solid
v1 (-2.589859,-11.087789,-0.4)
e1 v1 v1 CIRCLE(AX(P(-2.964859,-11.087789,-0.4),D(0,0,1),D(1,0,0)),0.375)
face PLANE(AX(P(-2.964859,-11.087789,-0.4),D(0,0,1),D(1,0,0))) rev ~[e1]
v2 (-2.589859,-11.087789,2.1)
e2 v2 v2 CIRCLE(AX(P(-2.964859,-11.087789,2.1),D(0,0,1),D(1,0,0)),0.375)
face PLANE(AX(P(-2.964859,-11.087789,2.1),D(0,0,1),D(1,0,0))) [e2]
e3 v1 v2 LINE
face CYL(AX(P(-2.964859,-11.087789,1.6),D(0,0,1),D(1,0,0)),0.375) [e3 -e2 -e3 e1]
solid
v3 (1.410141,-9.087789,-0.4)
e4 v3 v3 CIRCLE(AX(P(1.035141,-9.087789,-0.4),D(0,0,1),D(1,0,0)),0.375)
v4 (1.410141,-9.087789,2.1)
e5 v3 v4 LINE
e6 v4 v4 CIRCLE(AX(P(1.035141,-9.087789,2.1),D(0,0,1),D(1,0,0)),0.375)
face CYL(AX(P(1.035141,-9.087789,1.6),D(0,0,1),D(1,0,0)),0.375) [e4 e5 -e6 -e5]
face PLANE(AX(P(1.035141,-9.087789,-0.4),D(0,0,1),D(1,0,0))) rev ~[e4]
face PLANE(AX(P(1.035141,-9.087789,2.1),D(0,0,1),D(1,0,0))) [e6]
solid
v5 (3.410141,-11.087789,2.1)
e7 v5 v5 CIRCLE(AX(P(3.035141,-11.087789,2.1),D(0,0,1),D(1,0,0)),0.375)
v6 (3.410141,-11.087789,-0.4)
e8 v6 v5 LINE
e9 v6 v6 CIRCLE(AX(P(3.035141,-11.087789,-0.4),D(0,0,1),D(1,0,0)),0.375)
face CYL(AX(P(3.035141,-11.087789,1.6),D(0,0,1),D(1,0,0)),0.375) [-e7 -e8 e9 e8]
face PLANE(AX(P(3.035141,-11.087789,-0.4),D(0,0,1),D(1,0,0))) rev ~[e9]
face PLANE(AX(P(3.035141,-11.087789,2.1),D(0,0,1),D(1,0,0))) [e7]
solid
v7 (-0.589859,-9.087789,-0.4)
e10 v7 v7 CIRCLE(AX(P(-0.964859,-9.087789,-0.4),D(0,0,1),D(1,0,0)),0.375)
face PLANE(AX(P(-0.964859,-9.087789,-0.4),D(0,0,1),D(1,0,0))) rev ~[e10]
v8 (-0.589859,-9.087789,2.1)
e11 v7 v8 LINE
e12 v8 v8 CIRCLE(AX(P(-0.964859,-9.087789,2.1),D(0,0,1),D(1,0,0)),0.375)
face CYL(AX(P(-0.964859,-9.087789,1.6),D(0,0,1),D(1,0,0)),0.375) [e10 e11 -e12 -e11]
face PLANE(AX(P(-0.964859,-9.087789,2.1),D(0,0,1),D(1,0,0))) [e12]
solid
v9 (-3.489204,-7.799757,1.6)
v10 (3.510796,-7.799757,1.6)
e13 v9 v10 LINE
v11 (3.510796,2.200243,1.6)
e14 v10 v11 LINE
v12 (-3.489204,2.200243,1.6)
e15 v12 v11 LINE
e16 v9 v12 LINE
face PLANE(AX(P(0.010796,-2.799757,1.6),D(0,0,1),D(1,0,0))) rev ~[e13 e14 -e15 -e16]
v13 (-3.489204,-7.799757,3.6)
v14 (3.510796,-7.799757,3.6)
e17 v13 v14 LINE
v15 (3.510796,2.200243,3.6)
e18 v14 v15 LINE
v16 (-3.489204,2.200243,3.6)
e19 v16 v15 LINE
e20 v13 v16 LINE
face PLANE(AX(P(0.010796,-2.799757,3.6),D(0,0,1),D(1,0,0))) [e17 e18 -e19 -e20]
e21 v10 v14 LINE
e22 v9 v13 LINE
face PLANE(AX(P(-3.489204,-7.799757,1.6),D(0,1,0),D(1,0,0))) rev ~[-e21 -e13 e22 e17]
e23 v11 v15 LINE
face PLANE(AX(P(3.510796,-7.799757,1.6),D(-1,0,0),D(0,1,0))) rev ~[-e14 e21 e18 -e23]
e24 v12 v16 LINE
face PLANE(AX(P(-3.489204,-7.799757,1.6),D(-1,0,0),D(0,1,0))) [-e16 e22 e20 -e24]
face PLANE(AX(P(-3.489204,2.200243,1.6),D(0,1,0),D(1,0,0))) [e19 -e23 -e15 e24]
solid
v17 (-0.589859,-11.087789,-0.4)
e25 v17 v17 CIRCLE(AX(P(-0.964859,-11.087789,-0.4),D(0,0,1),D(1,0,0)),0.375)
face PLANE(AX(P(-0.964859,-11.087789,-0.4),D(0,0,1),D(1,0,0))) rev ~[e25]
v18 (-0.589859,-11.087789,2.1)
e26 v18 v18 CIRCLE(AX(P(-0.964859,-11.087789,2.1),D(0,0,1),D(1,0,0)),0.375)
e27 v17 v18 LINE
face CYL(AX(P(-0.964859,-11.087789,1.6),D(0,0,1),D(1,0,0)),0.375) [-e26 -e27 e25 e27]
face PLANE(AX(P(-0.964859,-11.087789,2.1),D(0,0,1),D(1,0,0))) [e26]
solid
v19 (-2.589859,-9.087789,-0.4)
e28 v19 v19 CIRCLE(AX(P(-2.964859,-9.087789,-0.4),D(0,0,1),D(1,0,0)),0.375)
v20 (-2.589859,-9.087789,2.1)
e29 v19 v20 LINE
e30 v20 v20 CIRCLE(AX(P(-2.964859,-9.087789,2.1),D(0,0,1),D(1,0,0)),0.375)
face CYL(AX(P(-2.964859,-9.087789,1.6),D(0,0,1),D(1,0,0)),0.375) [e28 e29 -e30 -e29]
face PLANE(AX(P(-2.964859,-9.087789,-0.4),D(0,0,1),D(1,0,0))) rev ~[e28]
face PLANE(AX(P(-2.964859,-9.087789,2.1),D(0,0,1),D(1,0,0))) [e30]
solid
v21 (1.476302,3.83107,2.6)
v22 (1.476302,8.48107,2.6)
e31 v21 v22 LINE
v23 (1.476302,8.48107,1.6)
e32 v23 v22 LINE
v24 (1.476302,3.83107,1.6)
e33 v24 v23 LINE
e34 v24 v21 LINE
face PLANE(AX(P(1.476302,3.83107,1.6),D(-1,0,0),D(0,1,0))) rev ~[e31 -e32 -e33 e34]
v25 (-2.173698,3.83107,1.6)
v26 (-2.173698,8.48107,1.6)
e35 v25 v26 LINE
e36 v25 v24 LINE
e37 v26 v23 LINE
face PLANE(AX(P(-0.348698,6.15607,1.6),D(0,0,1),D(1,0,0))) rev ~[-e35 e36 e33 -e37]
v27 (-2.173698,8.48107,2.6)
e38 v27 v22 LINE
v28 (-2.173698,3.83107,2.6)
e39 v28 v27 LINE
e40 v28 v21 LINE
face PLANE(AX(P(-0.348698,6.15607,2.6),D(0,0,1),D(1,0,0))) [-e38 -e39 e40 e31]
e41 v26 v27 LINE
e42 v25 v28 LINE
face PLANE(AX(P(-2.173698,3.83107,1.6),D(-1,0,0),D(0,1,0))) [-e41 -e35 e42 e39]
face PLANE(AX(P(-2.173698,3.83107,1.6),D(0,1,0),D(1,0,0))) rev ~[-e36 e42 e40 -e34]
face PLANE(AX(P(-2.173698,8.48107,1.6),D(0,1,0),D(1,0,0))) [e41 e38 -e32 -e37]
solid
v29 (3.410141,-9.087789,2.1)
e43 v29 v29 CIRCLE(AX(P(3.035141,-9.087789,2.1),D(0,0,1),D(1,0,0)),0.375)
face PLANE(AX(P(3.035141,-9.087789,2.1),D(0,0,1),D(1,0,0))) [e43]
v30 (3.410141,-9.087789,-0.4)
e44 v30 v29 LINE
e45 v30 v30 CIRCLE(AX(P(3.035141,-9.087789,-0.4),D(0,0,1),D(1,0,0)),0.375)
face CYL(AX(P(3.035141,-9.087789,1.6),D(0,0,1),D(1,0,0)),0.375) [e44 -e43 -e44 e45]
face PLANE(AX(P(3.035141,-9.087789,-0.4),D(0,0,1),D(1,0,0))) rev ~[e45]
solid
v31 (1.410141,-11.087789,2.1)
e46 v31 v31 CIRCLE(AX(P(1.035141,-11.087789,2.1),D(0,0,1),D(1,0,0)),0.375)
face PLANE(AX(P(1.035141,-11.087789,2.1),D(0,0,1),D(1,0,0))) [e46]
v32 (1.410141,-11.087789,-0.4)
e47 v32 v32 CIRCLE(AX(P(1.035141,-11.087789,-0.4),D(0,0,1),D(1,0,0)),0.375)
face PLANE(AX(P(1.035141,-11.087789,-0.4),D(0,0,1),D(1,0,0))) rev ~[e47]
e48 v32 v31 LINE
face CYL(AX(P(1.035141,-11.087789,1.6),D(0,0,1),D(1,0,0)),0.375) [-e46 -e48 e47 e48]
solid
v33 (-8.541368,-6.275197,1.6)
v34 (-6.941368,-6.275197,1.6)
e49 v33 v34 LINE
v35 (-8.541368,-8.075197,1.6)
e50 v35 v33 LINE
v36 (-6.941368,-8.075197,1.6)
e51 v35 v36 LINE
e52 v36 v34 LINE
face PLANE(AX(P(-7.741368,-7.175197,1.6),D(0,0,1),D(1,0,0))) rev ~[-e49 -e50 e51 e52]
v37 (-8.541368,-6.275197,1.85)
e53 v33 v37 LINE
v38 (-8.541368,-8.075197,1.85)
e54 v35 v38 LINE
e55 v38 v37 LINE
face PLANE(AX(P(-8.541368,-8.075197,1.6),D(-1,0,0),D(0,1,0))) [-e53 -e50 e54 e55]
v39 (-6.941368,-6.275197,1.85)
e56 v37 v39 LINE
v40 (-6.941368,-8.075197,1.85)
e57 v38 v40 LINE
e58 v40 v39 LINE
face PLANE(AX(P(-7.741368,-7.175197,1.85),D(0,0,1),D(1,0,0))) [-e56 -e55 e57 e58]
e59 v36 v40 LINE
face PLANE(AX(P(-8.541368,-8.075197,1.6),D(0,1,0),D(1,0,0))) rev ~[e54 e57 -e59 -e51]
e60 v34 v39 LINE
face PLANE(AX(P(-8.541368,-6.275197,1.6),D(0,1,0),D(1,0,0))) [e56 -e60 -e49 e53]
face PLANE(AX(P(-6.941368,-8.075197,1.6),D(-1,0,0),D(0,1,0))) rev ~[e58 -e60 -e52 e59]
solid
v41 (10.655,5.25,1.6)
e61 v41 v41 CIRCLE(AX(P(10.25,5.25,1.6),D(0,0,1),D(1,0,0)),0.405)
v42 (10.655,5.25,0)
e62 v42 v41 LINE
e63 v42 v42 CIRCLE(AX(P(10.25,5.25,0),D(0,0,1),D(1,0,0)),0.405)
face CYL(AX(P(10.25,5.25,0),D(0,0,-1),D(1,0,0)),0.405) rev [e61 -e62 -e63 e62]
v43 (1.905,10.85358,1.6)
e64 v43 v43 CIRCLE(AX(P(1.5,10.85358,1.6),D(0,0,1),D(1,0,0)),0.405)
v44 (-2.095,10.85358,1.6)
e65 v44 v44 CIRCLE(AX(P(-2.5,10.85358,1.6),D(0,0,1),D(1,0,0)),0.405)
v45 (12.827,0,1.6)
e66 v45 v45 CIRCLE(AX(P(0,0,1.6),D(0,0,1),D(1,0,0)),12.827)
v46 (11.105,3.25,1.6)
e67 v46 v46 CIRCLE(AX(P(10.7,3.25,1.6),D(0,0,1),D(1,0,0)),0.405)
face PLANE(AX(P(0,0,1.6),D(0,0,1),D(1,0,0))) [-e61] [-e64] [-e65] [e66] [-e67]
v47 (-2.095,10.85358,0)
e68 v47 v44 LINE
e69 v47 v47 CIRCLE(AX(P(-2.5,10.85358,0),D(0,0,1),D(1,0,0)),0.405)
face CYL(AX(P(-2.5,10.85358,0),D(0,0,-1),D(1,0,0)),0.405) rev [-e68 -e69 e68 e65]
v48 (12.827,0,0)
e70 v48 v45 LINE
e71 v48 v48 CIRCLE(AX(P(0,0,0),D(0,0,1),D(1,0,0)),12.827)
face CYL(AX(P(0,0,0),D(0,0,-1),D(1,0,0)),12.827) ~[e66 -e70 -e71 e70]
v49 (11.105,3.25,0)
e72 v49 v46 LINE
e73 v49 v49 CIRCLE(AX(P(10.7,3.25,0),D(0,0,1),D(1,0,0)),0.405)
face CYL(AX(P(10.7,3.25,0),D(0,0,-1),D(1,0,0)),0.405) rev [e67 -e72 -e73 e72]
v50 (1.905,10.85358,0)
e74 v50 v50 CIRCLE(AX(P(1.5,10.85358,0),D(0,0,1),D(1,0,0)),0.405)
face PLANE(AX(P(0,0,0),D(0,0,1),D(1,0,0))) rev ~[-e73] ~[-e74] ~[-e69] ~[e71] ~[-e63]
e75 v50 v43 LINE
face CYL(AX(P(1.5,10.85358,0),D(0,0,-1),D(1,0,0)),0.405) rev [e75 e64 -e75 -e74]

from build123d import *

# Parameters (mm, degrees)
F0_R          = 12.827
F0_R_2        = 0.405
F1_DEPTH      = 1.6
F2_W          = 7
F2_H          = 10
F3_DEPTH      = 2
F4_W          = 1.6
F4_H          = 1.8
F5_DEPTH      = 0.25
F6_W          = 3.65
F6_H          = 4.65
F7_DEPTH      = 1
F8_R          = 0.375
F9_DEPTH      = 0.5
F9_DEPTH_BACK = 2


with BuildPart() as f1:
    # F0 (on Top) → F1 (new body)
    with BuildSketch(Plane.XY):
        Circle(F0_R)
        with Locations((-2.5, 10.85358)):
            Circle(F0_R_2, mode=Mode.SUBTRACT)
        with Locations((10.7, 3.25)):
            Circle(F0_R_2, mode=Mode.SUBTRACT)
        with Locations((10.25, 5.25)):
            Circle(F0_R_2, mode=Mode.SUBTRACT)
        with Locations((1.5, 10.85358)):
            Circle(F0_R_2, mode=Mode.SUBTRACT)
    extrude(amount=F1_DEPTH)


with BuildPart() as f3:
    # F2 (on face) → F3 (new body)
    with BuildSketch(Plane.XY.offset(1.6)):
        with Locations((0.010796, -2.799757)):
            Rectangle(F2_W, F2_H)
    extrude(amount=F3_DEPTH)


with BuildPart() as f5:
    # F4 (on face) → F5 (new body)
    with BuildSketch(Plane.XY.offset(1.6)):
        with Locations((-7.741368, -7.175197)):
            Rectangle(F4_W, F4_H)
    extrude(amount=F5_DEPTH)


with BuildPart() as f7:
    # F6 (on face) → F7 (new body)
    with BuildSketch(Plane.XY.offset(1.6)):
        with Locations((-0.348698, 6.15607)):
            Rectangle(F6_W, F6_H)
    extrude(amount=F7_DEPTH)


with BuildPart() as f9:
    # F8 (on face) → F9 (new body, two sides)
    with BuildSketch(Plane.XY.offset(1.6)) as f9_sk:
        with Locations((-2.964859, -9.087789)):
            Circle(F8_R)
        with Locations((-0.964859, -9.087789)):
            Circle(F8_R)
        with Locations((1.035141, -9.087789)):
            Circle(F8_R)
        with Locations((3.035141, -9.087789)):
            Circle(F8_R)
        with Locations((-2.964859, -11.087789)):
            Circle(F8_R)
        with Locations((-0.964859, -11.087789)):
            Circle(F8_R)
        with Locations((1.035141, -11.087789)):
            Circle(F8_R)
        with Locations((3.035141, -11.087789)):
            Circle(F8_R)
    extrude(amount=F9_DEPTH)
    extrude(f9_sk.sketch, amount=-F9_DEPTH_BACK)


solid = Compound([f1.part, f3.part, f5.part, f7.part, f9.part])
